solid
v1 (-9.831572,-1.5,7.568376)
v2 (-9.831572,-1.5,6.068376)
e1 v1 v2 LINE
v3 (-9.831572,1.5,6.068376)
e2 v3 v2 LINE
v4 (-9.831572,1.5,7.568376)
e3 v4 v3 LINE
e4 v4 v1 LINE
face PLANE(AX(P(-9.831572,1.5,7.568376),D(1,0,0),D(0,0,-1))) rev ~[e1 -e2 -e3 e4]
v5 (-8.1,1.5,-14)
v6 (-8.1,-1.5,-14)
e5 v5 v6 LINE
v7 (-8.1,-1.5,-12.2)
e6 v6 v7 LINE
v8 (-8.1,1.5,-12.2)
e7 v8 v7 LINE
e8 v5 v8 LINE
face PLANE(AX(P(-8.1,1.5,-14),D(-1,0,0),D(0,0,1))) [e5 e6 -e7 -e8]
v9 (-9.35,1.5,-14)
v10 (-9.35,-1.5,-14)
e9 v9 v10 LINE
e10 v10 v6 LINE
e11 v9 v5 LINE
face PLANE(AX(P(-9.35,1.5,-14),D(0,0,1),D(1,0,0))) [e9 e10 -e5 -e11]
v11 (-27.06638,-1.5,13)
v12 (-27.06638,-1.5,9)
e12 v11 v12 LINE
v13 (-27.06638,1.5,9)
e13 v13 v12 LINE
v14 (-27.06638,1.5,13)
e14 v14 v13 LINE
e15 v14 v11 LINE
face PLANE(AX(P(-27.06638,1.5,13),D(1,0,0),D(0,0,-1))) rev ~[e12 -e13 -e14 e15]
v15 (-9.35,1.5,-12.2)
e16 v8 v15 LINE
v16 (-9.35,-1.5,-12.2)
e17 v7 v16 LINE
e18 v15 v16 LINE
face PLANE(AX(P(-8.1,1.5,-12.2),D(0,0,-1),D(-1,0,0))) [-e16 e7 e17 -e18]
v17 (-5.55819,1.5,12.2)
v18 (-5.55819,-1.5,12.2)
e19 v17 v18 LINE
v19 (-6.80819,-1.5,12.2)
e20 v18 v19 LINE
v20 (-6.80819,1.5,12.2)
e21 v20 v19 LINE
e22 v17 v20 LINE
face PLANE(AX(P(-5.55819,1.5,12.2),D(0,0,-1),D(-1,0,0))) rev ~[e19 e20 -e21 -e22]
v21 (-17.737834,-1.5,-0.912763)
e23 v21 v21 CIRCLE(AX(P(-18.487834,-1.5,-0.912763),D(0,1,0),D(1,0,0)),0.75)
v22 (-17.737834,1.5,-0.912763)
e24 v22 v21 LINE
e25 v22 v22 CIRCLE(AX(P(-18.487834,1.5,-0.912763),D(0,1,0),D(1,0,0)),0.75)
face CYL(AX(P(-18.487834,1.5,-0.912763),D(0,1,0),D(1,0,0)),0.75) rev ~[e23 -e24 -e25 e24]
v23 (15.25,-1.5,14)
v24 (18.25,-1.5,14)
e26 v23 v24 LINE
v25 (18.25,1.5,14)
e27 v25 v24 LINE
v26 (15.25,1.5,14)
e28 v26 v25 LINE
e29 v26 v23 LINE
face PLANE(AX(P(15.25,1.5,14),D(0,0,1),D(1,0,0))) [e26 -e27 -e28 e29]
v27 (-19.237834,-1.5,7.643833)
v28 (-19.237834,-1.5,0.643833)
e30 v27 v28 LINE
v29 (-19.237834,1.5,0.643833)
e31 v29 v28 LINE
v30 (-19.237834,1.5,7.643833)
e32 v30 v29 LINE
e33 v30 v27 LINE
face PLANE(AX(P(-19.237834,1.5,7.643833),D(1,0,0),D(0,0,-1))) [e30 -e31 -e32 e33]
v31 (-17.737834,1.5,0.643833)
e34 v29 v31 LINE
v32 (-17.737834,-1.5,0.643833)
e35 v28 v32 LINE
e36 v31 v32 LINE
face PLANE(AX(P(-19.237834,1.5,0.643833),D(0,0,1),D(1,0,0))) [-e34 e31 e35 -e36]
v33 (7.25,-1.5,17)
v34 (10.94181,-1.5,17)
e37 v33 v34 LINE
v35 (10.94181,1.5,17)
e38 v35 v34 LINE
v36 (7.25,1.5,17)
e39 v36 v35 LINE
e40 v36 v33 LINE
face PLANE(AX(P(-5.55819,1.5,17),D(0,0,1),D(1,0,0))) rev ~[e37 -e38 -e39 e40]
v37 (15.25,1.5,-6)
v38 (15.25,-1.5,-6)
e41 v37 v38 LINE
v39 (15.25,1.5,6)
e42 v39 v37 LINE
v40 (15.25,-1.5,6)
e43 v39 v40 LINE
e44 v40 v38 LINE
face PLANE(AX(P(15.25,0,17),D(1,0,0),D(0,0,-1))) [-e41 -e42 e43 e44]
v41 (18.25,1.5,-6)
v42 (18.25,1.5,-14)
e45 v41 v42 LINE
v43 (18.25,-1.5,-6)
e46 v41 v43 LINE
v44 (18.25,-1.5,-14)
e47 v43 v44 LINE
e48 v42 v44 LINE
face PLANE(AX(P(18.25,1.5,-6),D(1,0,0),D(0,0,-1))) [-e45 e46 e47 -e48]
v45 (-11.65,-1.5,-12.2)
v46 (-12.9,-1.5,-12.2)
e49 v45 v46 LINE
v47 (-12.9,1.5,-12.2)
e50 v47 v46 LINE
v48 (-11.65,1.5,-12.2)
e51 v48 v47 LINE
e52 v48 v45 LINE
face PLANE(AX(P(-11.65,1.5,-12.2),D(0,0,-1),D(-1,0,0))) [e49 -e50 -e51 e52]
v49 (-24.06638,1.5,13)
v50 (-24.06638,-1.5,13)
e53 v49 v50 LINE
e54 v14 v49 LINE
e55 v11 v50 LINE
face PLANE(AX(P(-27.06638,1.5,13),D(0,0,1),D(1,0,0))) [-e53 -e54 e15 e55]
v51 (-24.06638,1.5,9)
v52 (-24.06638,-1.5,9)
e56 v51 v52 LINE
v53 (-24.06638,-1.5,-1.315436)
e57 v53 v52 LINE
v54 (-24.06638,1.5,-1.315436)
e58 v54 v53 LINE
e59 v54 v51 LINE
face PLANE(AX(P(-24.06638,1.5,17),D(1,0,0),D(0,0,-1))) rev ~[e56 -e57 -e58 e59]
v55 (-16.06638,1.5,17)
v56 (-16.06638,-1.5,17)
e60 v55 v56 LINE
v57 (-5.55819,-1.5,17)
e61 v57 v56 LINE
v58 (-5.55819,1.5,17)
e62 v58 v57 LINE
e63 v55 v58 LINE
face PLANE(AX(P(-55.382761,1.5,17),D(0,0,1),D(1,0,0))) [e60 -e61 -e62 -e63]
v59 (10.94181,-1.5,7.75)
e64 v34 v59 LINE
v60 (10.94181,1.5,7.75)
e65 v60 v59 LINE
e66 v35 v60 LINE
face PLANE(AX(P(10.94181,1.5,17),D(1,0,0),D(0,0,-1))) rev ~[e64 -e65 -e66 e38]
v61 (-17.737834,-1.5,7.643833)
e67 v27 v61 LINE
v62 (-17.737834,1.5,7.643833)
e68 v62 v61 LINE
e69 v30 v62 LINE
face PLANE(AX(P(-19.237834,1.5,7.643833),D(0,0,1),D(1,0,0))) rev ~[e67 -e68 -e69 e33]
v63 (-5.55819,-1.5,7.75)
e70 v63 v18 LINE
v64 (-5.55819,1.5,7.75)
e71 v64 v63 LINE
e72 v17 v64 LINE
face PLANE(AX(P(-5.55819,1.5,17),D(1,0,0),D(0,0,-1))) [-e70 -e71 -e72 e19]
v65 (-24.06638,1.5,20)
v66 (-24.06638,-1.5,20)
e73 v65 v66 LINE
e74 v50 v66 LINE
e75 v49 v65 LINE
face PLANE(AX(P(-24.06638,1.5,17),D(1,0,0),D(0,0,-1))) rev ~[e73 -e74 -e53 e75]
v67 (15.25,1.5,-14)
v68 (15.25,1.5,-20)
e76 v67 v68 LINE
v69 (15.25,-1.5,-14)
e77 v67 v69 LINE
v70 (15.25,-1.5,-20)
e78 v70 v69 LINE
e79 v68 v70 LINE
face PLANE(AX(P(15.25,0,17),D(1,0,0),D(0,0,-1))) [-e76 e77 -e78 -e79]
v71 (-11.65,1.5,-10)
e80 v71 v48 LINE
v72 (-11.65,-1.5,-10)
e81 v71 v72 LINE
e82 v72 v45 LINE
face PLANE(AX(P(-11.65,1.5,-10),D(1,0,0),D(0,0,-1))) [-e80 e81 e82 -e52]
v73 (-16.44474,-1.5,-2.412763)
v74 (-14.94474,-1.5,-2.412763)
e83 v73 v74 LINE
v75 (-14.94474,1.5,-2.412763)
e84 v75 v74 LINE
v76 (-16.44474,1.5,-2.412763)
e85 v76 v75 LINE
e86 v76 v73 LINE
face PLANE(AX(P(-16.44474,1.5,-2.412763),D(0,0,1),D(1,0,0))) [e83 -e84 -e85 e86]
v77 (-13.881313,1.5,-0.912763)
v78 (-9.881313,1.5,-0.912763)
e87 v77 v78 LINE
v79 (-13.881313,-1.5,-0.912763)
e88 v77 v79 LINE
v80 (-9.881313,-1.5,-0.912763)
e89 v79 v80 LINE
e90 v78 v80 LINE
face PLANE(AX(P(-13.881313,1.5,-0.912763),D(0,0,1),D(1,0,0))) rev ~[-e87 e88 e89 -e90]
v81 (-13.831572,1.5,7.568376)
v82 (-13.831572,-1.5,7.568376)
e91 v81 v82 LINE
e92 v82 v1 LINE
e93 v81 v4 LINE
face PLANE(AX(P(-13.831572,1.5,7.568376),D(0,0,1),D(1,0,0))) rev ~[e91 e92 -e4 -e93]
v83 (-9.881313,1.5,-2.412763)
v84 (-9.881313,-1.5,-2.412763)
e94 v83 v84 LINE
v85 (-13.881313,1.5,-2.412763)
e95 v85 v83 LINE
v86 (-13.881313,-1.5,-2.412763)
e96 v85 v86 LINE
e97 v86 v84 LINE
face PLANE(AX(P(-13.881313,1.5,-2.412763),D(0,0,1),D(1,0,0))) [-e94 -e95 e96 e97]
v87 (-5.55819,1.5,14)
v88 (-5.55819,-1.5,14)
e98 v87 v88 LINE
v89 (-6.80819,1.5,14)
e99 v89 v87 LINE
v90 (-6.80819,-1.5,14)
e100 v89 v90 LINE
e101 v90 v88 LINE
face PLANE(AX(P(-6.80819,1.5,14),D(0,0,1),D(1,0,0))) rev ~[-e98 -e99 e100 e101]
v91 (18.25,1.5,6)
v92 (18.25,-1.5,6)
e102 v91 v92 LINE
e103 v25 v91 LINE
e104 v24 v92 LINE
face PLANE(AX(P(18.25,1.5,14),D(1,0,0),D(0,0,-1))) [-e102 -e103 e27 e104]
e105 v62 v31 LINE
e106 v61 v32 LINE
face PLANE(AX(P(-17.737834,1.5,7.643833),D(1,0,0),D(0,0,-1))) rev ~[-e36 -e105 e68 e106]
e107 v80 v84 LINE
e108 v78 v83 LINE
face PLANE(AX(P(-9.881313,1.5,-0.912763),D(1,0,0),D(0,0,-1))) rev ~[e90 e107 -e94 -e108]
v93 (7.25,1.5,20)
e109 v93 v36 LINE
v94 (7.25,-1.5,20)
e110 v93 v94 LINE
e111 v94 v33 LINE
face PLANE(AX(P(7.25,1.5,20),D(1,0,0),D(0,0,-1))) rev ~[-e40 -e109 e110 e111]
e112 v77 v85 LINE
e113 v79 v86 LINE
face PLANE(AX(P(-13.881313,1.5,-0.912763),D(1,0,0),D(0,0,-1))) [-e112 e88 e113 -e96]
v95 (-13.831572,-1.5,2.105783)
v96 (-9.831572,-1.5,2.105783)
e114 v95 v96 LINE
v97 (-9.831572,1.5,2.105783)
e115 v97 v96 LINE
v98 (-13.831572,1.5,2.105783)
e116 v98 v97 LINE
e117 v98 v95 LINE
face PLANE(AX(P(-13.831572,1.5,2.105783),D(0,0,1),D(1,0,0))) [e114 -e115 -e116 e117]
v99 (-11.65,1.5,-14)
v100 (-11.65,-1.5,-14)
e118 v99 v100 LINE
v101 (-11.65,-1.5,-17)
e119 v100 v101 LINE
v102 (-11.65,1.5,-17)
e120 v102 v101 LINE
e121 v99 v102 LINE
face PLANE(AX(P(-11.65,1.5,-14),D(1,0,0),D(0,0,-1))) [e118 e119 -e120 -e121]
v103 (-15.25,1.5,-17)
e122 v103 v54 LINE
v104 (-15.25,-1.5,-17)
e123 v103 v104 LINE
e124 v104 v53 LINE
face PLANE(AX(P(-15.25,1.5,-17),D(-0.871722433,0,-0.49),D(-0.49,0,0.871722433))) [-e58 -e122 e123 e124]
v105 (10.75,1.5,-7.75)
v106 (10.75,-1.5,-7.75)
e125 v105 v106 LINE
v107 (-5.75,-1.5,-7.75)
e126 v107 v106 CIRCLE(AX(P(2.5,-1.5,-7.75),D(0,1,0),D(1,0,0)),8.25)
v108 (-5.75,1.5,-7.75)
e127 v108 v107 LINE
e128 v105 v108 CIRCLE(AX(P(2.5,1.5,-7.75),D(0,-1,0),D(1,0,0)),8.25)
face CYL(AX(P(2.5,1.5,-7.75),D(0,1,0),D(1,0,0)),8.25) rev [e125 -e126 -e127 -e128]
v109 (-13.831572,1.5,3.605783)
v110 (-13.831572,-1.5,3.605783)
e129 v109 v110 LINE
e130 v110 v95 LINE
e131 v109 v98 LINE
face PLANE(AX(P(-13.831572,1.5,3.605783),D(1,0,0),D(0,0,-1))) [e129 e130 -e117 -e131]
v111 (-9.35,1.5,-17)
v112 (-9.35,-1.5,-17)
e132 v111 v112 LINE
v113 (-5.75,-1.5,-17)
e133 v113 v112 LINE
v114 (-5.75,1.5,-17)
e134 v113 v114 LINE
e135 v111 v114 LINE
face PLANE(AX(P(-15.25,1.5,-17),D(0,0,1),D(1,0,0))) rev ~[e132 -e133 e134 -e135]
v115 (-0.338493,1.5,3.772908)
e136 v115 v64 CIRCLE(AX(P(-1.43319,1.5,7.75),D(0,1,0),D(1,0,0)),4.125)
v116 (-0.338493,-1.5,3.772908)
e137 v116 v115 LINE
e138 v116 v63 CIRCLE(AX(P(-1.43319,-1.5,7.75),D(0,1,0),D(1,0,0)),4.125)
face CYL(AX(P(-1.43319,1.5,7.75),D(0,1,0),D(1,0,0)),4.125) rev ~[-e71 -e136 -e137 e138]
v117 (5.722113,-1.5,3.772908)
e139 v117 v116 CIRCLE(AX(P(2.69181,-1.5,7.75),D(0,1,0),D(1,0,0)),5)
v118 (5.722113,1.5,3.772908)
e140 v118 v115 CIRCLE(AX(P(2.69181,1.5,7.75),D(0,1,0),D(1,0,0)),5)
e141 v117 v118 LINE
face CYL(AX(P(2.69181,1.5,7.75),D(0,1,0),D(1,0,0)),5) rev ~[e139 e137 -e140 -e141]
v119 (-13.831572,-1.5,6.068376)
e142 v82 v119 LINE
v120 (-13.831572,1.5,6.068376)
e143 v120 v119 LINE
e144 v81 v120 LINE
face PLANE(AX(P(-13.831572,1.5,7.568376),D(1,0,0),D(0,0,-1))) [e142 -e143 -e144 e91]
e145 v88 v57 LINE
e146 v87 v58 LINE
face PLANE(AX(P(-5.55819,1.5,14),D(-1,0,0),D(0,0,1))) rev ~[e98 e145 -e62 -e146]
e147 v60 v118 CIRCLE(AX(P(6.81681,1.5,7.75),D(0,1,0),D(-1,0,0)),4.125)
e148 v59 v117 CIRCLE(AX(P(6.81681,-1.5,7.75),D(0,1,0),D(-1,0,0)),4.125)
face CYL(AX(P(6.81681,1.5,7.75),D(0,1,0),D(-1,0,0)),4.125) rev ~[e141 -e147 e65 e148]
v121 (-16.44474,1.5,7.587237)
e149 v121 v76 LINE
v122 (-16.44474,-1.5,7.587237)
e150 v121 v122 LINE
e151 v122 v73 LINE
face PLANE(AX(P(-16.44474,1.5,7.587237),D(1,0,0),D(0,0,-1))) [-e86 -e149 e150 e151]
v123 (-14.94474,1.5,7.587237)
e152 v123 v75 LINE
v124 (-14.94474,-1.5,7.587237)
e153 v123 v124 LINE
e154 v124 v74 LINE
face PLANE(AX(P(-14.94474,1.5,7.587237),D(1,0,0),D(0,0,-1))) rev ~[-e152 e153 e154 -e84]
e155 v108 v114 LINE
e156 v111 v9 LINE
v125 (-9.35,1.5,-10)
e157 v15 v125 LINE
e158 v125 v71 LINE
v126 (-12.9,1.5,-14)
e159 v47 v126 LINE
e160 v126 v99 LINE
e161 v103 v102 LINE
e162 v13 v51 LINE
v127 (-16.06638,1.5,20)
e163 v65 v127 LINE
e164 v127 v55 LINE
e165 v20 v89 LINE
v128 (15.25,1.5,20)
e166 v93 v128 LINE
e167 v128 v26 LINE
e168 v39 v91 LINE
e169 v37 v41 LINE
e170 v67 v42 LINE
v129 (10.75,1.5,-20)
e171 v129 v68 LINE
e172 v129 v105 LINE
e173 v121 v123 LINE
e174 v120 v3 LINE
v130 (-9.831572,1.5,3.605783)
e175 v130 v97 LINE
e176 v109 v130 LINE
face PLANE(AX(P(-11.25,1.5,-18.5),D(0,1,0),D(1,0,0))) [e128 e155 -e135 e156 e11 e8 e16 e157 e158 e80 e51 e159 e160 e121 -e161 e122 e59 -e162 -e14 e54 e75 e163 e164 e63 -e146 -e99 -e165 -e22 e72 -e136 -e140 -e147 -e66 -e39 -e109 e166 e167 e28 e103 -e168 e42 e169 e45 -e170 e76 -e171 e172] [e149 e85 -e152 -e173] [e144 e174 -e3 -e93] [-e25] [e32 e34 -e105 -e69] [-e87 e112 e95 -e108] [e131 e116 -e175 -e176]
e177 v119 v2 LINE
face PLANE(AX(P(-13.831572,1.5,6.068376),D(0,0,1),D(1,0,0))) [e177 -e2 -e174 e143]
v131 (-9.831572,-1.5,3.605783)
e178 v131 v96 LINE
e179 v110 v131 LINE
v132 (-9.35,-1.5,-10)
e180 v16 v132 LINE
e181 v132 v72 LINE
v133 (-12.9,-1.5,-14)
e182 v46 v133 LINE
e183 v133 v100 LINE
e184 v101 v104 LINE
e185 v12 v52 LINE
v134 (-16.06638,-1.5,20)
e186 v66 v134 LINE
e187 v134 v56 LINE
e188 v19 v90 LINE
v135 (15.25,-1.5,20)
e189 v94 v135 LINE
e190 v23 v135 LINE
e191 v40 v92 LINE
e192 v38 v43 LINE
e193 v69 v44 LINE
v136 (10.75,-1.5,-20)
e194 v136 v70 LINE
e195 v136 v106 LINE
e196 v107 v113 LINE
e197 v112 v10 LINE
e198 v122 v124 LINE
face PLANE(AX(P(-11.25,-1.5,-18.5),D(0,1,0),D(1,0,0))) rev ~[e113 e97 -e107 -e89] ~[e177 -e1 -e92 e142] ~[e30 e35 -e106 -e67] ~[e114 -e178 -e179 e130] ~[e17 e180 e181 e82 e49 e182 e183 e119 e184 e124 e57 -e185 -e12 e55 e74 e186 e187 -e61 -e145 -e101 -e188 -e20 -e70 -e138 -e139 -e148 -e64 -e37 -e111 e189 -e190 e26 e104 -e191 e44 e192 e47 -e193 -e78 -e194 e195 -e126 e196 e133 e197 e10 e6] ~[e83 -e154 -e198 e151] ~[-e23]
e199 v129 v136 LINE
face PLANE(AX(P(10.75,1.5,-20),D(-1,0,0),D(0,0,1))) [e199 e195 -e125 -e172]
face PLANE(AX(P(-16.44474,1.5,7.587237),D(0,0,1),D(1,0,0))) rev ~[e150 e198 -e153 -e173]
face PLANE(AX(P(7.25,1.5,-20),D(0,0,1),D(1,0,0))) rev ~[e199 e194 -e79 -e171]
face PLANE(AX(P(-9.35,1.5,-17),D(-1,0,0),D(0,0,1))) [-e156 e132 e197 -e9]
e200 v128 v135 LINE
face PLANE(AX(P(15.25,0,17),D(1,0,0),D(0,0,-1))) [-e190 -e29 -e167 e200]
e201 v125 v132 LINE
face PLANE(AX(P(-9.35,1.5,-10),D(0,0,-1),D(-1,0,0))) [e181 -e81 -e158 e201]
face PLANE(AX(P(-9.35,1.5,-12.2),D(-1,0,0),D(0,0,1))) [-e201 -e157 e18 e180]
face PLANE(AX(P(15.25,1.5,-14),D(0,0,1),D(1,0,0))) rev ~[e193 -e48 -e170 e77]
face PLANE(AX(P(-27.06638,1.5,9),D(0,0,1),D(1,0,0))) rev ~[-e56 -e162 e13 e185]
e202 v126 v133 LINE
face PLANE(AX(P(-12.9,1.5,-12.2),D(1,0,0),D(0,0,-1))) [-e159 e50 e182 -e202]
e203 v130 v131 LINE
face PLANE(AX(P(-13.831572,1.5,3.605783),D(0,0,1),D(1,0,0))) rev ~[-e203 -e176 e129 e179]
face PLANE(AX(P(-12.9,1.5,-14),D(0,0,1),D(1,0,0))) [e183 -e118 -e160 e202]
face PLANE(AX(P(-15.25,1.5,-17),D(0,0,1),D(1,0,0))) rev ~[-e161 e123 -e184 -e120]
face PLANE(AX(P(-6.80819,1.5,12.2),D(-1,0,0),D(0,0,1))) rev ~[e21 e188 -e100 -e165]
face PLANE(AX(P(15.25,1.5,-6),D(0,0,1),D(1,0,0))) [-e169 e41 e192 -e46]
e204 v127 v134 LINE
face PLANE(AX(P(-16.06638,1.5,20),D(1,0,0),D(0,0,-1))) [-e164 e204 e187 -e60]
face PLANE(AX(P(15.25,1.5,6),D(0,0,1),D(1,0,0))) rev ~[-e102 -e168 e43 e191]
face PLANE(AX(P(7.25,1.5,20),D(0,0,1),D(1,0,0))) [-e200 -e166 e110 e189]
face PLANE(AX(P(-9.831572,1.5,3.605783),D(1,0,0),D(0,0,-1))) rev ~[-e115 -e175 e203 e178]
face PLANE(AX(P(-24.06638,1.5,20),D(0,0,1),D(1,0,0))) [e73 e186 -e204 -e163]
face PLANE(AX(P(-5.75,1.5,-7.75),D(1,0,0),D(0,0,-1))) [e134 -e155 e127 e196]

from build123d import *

# Parameters (mm, degrees)
SKETCH1_W           = 30.5
SKETCH1_H           = 34
BOSS_EXTRUDE1_DEPTH = 1.5
BOSS_EXTRUDE2_DEPTH = 3
SKETCH3_W           = 3
SKETCH3_H           = 8
SKETCH3_W_2         = 8
SKETCH3_H_2         = 3
BOSS_EXTRUDE3_DEPTH = 3
CUT_EXTRUDE1_DEPTH  = 4.0000001
CUT_EXTRUDE2_DEPTH  = 4.0000001
SKETCH6_W           = 8
SKETCH6_H           = 3
CUT_EXTRUDE3_DEPTH  = 4.0000001
CUT_EXTRUDE4_DEPTH  = 4.0000001
CUT_EXTRUDE6_DEPTH  = 4.0000001
SKETCH14_W          = 16.5
SKETCH14_H          = 9.25
CUT_EXTRUDE8_DEPTH  = 10
CUT_EXTRUDE10_DEPTH = 10
SKETCH18_R          = 5
CUT_EXTRUDE11_DEPTH = 10
SKETCH19_R          = 0.75
SKETCH19_W          = 4
SKETCH19_H          = 1.5
SKETCH19_W_2        = 1.5
SKETCH19_H_2        = 10
SKETCH19_H_3        = 7
CUT_EXTRUDE12_DEPTH = 10
SKETCH9_W           = 3
SKETCH9_H           = 4
BOSS_EXTRUDE4_DEPTH = 3


with BuildPart() as part:
    # Sketch1 → Boss-Extrude1 (new body, symmetric)
    with BuildSketch(Plane(origin=(0, 0, 0), x_dir=(1, 0, 0), z_dir=(0, 1, 0))):
        Rectangle(SKETCH1_W, SKETCH1_H)
    extrude(amount=BOSS_EXTRUDE1_DEPTH, both=True)

    # Sketch2 → Boss-Extrude2 (add)
    with BuildSketch(Plane(origin=(0, 1.5, 0), x_dir=(1, 0, 0), z_dir=(0, 1, 0))):
        with BuildLine():
            Line((-15.25, 17), (-24.07, 1.308996208))
            add(Edge.make_bspline(
                [(-24.07, 1.308996208), (-25.612124036, -1.43448158), (-30.226003395, -1.5229993), (-46.69780929, -11.088418218), (-55.382760657, -10.307171359), (-55.382760657, -17)],
                knots=[0, 0, 0, 0, 0.221130071, 0.603599568, 1, 1, 1, 1], degree=3))
            Line((-55.382760657, -17), (-15.25, -17))
            Line((-15.25, -17), (-15.25, 17))
        make_face()
    extrude(amount=-BOSS_EXTRUDE2_DEPTH)

    # Sketch3 → Boss-Extrude3 (add)
    with BuildSketch(Plane(origin=(0, 1.5, 0), x_dir=(1, 0, 0), z_dir=(0, 1, 0))):
        with Locations((16.75, 10)):
            Rectangle(SKETCH3_W, SKETCH3_H)
        with Locations((16.75, -10)):
            Rectangle(SKETCH3_W, SKETCH3_H)
        with Locations((-11.25, 18.5)):
            Rectangle(SKETCH3_W_2, SKETCH3_H_2)
        with Locations((11.25, 18.5)):
            Rectangle(SKETCH3_W_2, SKETCH3_H_2)
        with Locations((-51.382760657, -18.5)):
            Rectangle(SKETCH3_W_2, SKETCH3_H_2)
        with Locations((11.25, -18.5)):
            Rectangle(SKETCH3_W_2, SKETCH3_H_2)
        with Locations((-20.066380328, -18.5)):
            Rectangle(SKETCH3_W_2, SKETCH3_H_2)
    extrude(amount=-BOSS_EXTRUDE3_DEPTH)

    # Sketch4 → Cut-Extrude1 (cut, through all)
    with BuildSketch(Plane(origin=(0, 1.5, 0), x_dir=(1, 0, 0), z_dir=(0, 1, 0))):
        Polygon((-2.008190164, -14), (-2.008190164, -12.2), (-3.258190164, -12.2), (-3.258190164, -10), (-5.558190164, -10), (-5.558190164, -12.2), (-6.808190164, -12.2), (-6.808190164, -14), (-5.558190164, -14), (-5.558190164, -17), (-3.258190164, -17), (-3.258190164, -14), align=None)
        Polygon((-33.324570493, -14), (-33.324570493, -12.2), (-34.574570493, -12.2), (-34.574570493, -10), (-36.874570493, -10), (-36.874570493, -12.2), (-38.124570493, -12.2), (-38.124570493, -14), (-36.874570493, -14), (-36.874570493, -17), (-34.574570493, -17), (-34.574570493, -14), align=None)
    extrude(amount=-CUT_EXTRUDE1_DEPTH, mode=Mode.SUBTRACT)

    # Sketch5 → Cut-Extrude2 (cut, through all)
    with BuildSketch(Plane(origin=(0, 1.5, 0), x_dir=(1, 0, 0), z_dir=(0, 1, 0))):
        with BuildLine():
            Line((10.75, 20), (10.75, 7.75))
            ThreePointArc((10.75, 7.75), (2.5, -0.5), (-5.75, 7.75))
            Line((-5.75, 7.75), (-5.75, 20))
            Line((-5.75, 20), (10.75, 20))
        make_face()
    extrude(amount=-CUT_EXTRUDE2_DEPTH, mode=Mode.SUBTRACT)

    # Sketch6 → Cut-Extrude3 (cut, through all)
    with BuildSketch(Plane(origin=(0, 1.5, 0), x_dir=(1, 0, 0), z_dir=(0, 1, 0))):
        with Locations((-11.25, 18.5)):
            Rectangle(SKETCH6_W, SKETCH6_H)
    extrude(amount=-CUT_EXTRUDE3_DEPTH, mode=Mode.SUBTRACT)

    # Sketch7 → Cut-Extrude4 (cut, through all)
    with BuildSketch(Plane(origin=(0, 1.5, 0), x_dir=(1, 0, 0), z_dir=(0, 1, 0))):
        Polygon((-11.65, 17), (-9.35, 17), (-9.35, 14), (-8.1, 14), (-8.1, 12.2), (-9.35, 12.2), (-9.35, 10), (-11.65, 10), (-11.65, 12.2), (-12.9, 12.2), (-12.9, 14), (-11.65, 14), align=None)
    extrude(amount=-CUT_EXTRUDE4_DEPTH, mode=Mode.SUBTRACT)

    # Sketch8 → Cut-Extrude6 (cut, through all)
    with BuildSketch(Plane(origin=(0, 1.5, 0), x_dir=(1, 0, 0), z_dir=(0, 1, 0))):
        with BuildLine():
            Line((-24.066380328, -17), (-24.066380328, 1.315435696))
            Line((-24.066380328, 1.315435696), (-24.07, 1.308996208))
            add(Edge.make_bspline(
                [(-24.07, 1.308996208), (-25.612124036, -1.43448158), (-30.226003395, -1.5229993), (-46.69780929, -11.088418218), (-55.382760657, -10.307171359), (-55.382760657, -17)],
                knots=[0, 0, 0, 0, 0.221130071, 0.603599568, 1, 1, 1, 1], degree=3))
            Line((-55.382760657, -17), (-55.382760657, -20))
            Line((-55.382760657, -20), (-47.382760657, -20))
            Line((-47.382760657, -20), (-47.382760657, -17))
            Line((-47.382760657, -17), (-36.874570493, -17))
            Line((-36.874570493, -17), (-36.874570493, -14))
            Line((-36.874570493, -14), (-38.124570493, -14))
            Line((-38.124570493, -14), (-38.124570493, -12.2))
            Line((-38.124570493, -12.2), (-36.874570493, -12.2))
            Line((-36.874570493, -12.2), (-36.874570493, -10))
            Line((-36.874570493, -10), (-34.574570493, -10))
            Line((-34.574570493, -10), (-34.574570493, -12.2))
            Line((-34.574570493, -12.2), (-33.324570493, -12.2))
            Line((-33.324570493, -12.2), (-33.324570493, -14))
            Line((-33.324570493, -14), (-34.574570493, -14))
            Line((-34.574570493, -14), (-34.574570493, -17))
            Line((-34.574570493, -17), (-24.066380328, -17))
        make_face()
    extrude(amount=-CUT_EXTRUDE6_DEPTH, mode=Mode.SUBTRACT)

    # Sketch14 → Cut-Extrude8 (cut)
    with BuildSketch(Plane(origin=(0, 1.5, 0), x_dir=(1, 0, 0), z_dir=(0, 1, 0))):
        with Locations((2.691809836, -12.375)):
            Rectangle(SKETCH14_W, SKETCH14_H)
    extrude(amount=-CUT_EXTRUDE8_DEPTH, mode=Mode.SUBTRACT)

    # Sketch16 → Cut-Extrude10 (cut)
    with BuildSketch(Plane(origin=(0, 1.5, 0), x_dir=(1, 0, 0), z_dir=(0, 1, 0))):
        with BuildLine():
            Line((-5.558190164, -7.75), (2.691809836, -7.75))
            ThreePointArc((2.691809836, -7.75), (-1.433190164, -3.625), (-5.558190164, -7.75))
        make_face()
        with BuildLine():
            ThreePointArc((-5.558190164, -7.75), (-1.433190164, -11.875), (2.691809836, -7.75))
            Line((2.691809836, -7.75), (-5.558190164, -7.75))
        make_face()
        with BuildLine():
            Line((10.941809836, -7.75), (2.691809836, -7.75))
            ThreePointArc((2.691809836, -7.75), (6.816809836, -11.875), (10.941809836, -7.75))
        make_face()
        with BuildLine():
            ThreePointArc((10.941809836, -7.75), (6.816809836, -3.625), (2.691809836, -7.75))
            Line((2.691809836, -7.75), (10.941809836, -7.75))
        make_face()
    extrude(amount=-CUT_EXTRUDE10_DEPTH, mode=Mode.SUBTRACT)

    # Sketch18 → Cut-Extrude11 (cut)
    with BuildSketch(Plane(origin=(0, 1.5, 0), x_dir=(1, 0, 0), z_dir=(0, 1, 0))):
        with Locations((2.691809836, -7.75)):
            Circle(SKETCH18_R)
    extrude(amount=-CUT_EXTRUDE11_DEPTH, mode=Mode.SUBTRACT)

    # Sketch19 → Cut-Extrude12 (cut)
    with BuildSketch(Plane(origin=(0, 1.5, 0), x_dir=(1, 0, 0), z_dir=(0, 1, 0))):
        with Locations((-18.487833601, 0.912762829)):
            Circle(SKETCH19_R)
        with Locations((-11.831571961, -2.855782843)):
            Rectangle(SKETCH19_W, SKETCH19_H)
        with Locations((-15.694739931, -2.587237171)):
            Rectangle(SKETCH19_W_2, SKETCH19_H_2)
        with Locations((-11.881312648, 1.662762829)):
            Rectangle(SKETCH19_W, SKETCH19_H)
        with Locations((-11.831571961, -6.818375842)):
            Rectangle(SKETCH19_W, SKETCH19_H)
        with Locations((-18.487833601, -4.143833383)):
            Rectangle(SKETCH19_W_2, SKETCH19_H_3)
    extrude(amount=-CUT_EXTRUDE12_DEPTH, mode=Mode.SUBTRACT)

    # Sketch9 → Boss-Extrude4 (add)
    with BuildSketch(Plane(origin=(0, 1.5, 0), x_dir=(1, 0, 0), z_dir=(0, 1, 0))):
        with Locations((-25.566380328, -11)):
            Rectangle(SKETCH9_W, SKETCH9_H)
    extrude(amount=-BOSS_EXTRUDE4_DEPTH)


solid = part.part
